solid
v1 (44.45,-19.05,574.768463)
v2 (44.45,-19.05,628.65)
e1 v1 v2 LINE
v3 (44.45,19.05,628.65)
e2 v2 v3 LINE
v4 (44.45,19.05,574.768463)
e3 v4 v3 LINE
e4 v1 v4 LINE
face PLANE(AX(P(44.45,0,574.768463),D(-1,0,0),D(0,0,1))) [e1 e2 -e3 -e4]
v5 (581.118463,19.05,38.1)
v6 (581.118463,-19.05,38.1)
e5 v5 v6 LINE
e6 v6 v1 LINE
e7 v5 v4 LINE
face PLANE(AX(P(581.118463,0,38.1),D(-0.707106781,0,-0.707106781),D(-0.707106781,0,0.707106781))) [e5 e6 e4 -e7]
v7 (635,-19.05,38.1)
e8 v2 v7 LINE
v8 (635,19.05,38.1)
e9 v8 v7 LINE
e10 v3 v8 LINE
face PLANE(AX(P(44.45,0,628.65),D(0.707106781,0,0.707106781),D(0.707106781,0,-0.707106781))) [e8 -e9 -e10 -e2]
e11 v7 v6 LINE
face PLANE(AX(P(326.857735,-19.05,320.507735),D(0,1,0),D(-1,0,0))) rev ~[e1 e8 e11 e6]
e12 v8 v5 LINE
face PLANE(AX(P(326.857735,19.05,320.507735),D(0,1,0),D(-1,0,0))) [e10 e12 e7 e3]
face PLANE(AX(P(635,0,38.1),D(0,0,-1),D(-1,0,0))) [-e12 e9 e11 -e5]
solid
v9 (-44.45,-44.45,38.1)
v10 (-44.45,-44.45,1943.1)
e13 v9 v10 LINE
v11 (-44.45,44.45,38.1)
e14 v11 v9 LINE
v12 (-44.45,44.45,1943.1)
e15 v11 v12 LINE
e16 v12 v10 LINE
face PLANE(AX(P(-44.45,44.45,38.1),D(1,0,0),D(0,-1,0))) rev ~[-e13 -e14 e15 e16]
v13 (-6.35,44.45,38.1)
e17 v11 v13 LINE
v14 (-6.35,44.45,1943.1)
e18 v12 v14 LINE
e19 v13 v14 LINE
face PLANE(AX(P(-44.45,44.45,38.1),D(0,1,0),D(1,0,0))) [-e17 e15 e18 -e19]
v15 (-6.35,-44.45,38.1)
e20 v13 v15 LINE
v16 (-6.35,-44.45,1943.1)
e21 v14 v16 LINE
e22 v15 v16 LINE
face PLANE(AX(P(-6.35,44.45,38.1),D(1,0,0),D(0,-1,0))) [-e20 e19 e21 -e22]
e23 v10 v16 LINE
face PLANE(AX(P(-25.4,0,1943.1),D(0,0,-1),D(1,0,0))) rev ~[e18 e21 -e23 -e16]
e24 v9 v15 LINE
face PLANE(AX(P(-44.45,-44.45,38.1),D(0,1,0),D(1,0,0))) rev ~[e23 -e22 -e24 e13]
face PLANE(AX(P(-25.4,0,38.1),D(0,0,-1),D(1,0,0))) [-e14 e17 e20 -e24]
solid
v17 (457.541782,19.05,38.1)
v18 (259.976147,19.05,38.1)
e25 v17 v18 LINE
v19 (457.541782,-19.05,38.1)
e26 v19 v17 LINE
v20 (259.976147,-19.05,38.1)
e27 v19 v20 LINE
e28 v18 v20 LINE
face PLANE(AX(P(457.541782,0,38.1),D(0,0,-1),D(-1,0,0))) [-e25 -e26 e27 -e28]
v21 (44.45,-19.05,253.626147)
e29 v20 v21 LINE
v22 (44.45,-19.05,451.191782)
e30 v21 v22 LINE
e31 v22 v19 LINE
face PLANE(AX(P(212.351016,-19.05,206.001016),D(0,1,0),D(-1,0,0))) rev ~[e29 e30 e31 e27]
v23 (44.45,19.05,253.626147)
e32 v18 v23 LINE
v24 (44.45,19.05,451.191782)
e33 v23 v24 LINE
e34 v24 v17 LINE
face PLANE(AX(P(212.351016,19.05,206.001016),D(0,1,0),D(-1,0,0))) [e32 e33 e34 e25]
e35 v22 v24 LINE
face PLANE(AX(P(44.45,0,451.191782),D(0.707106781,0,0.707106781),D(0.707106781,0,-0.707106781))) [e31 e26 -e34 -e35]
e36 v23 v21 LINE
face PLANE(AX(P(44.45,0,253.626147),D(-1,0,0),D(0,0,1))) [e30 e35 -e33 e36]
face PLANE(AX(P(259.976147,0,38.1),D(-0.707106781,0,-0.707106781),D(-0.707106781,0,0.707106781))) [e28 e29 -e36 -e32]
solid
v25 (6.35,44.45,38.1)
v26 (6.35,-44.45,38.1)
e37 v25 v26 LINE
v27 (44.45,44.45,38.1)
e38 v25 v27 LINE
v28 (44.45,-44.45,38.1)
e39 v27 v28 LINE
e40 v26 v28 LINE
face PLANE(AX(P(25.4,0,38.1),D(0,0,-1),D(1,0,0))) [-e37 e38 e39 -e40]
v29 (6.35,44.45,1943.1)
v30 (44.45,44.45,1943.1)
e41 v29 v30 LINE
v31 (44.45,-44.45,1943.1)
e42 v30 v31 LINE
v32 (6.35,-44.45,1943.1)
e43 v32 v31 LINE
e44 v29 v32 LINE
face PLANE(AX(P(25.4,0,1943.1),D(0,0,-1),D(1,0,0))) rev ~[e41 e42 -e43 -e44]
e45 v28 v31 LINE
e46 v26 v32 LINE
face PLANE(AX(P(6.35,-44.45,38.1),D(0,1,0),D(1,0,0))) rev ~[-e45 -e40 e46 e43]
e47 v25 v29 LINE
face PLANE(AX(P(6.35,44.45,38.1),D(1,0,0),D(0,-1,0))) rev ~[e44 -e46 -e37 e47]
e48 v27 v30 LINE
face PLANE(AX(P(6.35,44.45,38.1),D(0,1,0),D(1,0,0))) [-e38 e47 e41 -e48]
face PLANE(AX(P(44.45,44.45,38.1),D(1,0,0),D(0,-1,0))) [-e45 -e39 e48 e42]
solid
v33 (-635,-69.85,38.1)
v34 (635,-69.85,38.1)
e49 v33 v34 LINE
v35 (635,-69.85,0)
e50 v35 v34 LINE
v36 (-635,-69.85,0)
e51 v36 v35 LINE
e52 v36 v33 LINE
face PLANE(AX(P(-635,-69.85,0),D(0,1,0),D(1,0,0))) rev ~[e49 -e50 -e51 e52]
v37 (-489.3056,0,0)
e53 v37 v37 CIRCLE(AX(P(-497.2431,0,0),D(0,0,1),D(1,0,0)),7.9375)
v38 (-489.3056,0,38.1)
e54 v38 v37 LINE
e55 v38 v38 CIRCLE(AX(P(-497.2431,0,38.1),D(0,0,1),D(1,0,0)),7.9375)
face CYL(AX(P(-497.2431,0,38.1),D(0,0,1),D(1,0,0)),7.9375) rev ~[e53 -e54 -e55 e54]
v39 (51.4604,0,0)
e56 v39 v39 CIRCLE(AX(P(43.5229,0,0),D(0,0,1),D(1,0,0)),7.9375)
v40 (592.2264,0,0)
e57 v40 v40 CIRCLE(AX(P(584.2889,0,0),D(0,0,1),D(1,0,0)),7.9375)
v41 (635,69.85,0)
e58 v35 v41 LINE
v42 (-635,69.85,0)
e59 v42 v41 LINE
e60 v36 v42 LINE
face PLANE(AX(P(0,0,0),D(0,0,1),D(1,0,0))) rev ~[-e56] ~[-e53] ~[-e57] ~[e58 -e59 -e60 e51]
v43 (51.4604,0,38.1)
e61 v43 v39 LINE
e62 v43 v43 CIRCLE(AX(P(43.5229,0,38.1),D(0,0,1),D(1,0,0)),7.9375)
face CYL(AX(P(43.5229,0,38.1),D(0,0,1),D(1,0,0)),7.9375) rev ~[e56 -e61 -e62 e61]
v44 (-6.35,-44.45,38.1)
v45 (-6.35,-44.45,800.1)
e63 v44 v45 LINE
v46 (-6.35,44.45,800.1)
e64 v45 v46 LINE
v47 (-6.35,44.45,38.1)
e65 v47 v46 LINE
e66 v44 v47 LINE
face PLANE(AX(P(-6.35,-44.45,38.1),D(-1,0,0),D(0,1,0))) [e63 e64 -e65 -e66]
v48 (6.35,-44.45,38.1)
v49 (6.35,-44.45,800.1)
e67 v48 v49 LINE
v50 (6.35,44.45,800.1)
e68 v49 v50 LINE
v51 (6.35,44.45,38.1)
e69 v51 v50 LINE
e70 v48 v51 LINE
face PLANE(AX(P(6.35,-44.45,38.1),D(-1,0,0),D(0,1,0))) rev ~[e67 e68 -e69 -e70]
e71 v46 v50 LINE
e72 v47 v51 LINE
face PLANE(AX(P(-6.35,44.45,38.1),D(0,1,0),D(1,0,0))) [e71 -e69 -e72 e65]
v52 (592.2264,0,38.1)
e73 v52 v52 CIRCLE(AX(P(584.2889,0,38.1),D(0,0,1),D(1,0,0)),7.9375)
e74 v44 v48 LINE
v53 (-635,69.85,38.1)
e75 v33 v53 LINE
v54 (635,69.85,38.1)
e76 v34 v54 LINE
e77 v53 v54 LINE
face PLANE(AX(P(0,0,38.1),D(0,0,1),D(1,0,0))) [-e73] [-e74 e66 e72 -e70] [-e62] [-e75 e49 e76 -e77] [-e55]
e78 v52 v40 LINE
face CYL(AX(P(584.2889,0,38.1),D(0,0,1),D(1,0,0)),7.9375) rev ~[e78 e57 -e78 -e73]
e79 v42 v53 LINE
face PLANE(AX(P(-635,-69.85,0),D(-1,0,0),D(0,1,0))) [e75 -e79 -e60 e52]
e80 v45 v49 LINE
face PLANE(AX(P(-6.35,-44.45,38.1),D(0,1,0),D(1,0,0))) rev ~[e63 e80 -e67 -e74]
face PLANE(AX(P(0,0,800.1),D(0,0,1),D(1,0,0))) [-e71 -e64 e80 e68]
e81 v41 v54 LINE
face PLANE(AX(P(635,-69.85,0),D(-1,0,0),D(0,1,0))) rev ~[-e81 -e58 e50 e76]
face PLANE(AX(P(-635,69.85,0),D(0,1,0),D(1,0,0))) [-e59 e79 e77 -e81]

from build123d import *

# Parameters (mm, degrees)
F0_W      = 1270
F0_H      = 139.7
F1_DEPTH  = 38.1
F2_R      = 7.9375
F3_DEPTH  = 38.1
F4_W      = 12.7
F4_H      = 88.9
F5_DEPTH  = 762
F7_W      = 38.1
F7_H      = 88.9
F8_DEPTH  = 1905
F14_DEPTH = 19.05
F16_DEPTH = 19.05


with BuildPart() as f1:
    # F0 (on Top) → F1 (new body)
    with BuildSketch(Plane.XY):
        Rectangle(F0_W, F0_H)
    extrude(amount=F1_DEPTH)

    # F2 (on face) → F3 (cut, through all)
    with BuildSketch(Plane.XY.offset(38.1)):
        with Locations((-497.2431, 0)):
            Circle(F2_R)
        with Locations((43.5229, 0)):
            Circle(F2_R)
        with Locations((584.2889, 0)):
            Circle(F2_R)
    extrude(amount=-F3_DEPTH, mode=Mode.SUBTRACT)

    # F4 (on face) → F5 (join)
    with BuildSketch(Plane.XY.offset(38.1)):
        Rectangle(F4_W, F4_H)
    extrude(amount=F5_DEPTH)


with BuildPart() as f8:
    # F7 (on 3pt) → F8 (new body)
    with BuildSketch(Plane(origin=(0, 0, 38.1), x_dir=(1, 0, 0), z_dir=(0, 0, -1))):
        with Locations((25.4, 0)):
            Rectangle(F7_W, F7_H)
    extrude(amount=-F8_DEPTH)


with BuildPart() as f8b:
    # F7 (on 3pt) → F8, piece 2 (new body)
    with BuildSketch(Plane(origin=(0, 0, 38.1), x_dir=(1, 0, 0), z_dir=(0, 0, -1))):
        with Locations((-25.4, 0)):
            Rectangle(F7_W, F7_H)
    extrude(amount=-F8_DEPTH)


with BuildPart() as f14:
    # F13 (on 3pt) → F14 (new body, symmetric)
    with BuildSketch(Plane(origin=(0, 0, 0), x_dir=(-1, 0, 0), z_dir=(0, 1, 0))):
        Polygon((-581.1184632736, 38.1), (-44.45, 574.7684632736), (-44.45, 628.65), (-635, 38.1), align=None)
    extrude(amount=F14_DEPTH, both=True)


with BuildPart() as f16:
    # F15 (on 3pt) → F16 (new body, symmetric)
    with BuildSketch(Plane(origin=(0, 0, 0), x_dir=(-1, 0, 0), z_dir=(0, 1, 0))):
        Polygon((-44.45, 253.6261469057), (-44.45, 451.1917815692), (-457.5417815692, 38.1), (-259.9761469057, 38.1), align=None)
    extrude(amount=F16_DEPTH, both=True)


solid = Compound([f1.part, f8.part, f8b.part, f14.part, f16.part])
